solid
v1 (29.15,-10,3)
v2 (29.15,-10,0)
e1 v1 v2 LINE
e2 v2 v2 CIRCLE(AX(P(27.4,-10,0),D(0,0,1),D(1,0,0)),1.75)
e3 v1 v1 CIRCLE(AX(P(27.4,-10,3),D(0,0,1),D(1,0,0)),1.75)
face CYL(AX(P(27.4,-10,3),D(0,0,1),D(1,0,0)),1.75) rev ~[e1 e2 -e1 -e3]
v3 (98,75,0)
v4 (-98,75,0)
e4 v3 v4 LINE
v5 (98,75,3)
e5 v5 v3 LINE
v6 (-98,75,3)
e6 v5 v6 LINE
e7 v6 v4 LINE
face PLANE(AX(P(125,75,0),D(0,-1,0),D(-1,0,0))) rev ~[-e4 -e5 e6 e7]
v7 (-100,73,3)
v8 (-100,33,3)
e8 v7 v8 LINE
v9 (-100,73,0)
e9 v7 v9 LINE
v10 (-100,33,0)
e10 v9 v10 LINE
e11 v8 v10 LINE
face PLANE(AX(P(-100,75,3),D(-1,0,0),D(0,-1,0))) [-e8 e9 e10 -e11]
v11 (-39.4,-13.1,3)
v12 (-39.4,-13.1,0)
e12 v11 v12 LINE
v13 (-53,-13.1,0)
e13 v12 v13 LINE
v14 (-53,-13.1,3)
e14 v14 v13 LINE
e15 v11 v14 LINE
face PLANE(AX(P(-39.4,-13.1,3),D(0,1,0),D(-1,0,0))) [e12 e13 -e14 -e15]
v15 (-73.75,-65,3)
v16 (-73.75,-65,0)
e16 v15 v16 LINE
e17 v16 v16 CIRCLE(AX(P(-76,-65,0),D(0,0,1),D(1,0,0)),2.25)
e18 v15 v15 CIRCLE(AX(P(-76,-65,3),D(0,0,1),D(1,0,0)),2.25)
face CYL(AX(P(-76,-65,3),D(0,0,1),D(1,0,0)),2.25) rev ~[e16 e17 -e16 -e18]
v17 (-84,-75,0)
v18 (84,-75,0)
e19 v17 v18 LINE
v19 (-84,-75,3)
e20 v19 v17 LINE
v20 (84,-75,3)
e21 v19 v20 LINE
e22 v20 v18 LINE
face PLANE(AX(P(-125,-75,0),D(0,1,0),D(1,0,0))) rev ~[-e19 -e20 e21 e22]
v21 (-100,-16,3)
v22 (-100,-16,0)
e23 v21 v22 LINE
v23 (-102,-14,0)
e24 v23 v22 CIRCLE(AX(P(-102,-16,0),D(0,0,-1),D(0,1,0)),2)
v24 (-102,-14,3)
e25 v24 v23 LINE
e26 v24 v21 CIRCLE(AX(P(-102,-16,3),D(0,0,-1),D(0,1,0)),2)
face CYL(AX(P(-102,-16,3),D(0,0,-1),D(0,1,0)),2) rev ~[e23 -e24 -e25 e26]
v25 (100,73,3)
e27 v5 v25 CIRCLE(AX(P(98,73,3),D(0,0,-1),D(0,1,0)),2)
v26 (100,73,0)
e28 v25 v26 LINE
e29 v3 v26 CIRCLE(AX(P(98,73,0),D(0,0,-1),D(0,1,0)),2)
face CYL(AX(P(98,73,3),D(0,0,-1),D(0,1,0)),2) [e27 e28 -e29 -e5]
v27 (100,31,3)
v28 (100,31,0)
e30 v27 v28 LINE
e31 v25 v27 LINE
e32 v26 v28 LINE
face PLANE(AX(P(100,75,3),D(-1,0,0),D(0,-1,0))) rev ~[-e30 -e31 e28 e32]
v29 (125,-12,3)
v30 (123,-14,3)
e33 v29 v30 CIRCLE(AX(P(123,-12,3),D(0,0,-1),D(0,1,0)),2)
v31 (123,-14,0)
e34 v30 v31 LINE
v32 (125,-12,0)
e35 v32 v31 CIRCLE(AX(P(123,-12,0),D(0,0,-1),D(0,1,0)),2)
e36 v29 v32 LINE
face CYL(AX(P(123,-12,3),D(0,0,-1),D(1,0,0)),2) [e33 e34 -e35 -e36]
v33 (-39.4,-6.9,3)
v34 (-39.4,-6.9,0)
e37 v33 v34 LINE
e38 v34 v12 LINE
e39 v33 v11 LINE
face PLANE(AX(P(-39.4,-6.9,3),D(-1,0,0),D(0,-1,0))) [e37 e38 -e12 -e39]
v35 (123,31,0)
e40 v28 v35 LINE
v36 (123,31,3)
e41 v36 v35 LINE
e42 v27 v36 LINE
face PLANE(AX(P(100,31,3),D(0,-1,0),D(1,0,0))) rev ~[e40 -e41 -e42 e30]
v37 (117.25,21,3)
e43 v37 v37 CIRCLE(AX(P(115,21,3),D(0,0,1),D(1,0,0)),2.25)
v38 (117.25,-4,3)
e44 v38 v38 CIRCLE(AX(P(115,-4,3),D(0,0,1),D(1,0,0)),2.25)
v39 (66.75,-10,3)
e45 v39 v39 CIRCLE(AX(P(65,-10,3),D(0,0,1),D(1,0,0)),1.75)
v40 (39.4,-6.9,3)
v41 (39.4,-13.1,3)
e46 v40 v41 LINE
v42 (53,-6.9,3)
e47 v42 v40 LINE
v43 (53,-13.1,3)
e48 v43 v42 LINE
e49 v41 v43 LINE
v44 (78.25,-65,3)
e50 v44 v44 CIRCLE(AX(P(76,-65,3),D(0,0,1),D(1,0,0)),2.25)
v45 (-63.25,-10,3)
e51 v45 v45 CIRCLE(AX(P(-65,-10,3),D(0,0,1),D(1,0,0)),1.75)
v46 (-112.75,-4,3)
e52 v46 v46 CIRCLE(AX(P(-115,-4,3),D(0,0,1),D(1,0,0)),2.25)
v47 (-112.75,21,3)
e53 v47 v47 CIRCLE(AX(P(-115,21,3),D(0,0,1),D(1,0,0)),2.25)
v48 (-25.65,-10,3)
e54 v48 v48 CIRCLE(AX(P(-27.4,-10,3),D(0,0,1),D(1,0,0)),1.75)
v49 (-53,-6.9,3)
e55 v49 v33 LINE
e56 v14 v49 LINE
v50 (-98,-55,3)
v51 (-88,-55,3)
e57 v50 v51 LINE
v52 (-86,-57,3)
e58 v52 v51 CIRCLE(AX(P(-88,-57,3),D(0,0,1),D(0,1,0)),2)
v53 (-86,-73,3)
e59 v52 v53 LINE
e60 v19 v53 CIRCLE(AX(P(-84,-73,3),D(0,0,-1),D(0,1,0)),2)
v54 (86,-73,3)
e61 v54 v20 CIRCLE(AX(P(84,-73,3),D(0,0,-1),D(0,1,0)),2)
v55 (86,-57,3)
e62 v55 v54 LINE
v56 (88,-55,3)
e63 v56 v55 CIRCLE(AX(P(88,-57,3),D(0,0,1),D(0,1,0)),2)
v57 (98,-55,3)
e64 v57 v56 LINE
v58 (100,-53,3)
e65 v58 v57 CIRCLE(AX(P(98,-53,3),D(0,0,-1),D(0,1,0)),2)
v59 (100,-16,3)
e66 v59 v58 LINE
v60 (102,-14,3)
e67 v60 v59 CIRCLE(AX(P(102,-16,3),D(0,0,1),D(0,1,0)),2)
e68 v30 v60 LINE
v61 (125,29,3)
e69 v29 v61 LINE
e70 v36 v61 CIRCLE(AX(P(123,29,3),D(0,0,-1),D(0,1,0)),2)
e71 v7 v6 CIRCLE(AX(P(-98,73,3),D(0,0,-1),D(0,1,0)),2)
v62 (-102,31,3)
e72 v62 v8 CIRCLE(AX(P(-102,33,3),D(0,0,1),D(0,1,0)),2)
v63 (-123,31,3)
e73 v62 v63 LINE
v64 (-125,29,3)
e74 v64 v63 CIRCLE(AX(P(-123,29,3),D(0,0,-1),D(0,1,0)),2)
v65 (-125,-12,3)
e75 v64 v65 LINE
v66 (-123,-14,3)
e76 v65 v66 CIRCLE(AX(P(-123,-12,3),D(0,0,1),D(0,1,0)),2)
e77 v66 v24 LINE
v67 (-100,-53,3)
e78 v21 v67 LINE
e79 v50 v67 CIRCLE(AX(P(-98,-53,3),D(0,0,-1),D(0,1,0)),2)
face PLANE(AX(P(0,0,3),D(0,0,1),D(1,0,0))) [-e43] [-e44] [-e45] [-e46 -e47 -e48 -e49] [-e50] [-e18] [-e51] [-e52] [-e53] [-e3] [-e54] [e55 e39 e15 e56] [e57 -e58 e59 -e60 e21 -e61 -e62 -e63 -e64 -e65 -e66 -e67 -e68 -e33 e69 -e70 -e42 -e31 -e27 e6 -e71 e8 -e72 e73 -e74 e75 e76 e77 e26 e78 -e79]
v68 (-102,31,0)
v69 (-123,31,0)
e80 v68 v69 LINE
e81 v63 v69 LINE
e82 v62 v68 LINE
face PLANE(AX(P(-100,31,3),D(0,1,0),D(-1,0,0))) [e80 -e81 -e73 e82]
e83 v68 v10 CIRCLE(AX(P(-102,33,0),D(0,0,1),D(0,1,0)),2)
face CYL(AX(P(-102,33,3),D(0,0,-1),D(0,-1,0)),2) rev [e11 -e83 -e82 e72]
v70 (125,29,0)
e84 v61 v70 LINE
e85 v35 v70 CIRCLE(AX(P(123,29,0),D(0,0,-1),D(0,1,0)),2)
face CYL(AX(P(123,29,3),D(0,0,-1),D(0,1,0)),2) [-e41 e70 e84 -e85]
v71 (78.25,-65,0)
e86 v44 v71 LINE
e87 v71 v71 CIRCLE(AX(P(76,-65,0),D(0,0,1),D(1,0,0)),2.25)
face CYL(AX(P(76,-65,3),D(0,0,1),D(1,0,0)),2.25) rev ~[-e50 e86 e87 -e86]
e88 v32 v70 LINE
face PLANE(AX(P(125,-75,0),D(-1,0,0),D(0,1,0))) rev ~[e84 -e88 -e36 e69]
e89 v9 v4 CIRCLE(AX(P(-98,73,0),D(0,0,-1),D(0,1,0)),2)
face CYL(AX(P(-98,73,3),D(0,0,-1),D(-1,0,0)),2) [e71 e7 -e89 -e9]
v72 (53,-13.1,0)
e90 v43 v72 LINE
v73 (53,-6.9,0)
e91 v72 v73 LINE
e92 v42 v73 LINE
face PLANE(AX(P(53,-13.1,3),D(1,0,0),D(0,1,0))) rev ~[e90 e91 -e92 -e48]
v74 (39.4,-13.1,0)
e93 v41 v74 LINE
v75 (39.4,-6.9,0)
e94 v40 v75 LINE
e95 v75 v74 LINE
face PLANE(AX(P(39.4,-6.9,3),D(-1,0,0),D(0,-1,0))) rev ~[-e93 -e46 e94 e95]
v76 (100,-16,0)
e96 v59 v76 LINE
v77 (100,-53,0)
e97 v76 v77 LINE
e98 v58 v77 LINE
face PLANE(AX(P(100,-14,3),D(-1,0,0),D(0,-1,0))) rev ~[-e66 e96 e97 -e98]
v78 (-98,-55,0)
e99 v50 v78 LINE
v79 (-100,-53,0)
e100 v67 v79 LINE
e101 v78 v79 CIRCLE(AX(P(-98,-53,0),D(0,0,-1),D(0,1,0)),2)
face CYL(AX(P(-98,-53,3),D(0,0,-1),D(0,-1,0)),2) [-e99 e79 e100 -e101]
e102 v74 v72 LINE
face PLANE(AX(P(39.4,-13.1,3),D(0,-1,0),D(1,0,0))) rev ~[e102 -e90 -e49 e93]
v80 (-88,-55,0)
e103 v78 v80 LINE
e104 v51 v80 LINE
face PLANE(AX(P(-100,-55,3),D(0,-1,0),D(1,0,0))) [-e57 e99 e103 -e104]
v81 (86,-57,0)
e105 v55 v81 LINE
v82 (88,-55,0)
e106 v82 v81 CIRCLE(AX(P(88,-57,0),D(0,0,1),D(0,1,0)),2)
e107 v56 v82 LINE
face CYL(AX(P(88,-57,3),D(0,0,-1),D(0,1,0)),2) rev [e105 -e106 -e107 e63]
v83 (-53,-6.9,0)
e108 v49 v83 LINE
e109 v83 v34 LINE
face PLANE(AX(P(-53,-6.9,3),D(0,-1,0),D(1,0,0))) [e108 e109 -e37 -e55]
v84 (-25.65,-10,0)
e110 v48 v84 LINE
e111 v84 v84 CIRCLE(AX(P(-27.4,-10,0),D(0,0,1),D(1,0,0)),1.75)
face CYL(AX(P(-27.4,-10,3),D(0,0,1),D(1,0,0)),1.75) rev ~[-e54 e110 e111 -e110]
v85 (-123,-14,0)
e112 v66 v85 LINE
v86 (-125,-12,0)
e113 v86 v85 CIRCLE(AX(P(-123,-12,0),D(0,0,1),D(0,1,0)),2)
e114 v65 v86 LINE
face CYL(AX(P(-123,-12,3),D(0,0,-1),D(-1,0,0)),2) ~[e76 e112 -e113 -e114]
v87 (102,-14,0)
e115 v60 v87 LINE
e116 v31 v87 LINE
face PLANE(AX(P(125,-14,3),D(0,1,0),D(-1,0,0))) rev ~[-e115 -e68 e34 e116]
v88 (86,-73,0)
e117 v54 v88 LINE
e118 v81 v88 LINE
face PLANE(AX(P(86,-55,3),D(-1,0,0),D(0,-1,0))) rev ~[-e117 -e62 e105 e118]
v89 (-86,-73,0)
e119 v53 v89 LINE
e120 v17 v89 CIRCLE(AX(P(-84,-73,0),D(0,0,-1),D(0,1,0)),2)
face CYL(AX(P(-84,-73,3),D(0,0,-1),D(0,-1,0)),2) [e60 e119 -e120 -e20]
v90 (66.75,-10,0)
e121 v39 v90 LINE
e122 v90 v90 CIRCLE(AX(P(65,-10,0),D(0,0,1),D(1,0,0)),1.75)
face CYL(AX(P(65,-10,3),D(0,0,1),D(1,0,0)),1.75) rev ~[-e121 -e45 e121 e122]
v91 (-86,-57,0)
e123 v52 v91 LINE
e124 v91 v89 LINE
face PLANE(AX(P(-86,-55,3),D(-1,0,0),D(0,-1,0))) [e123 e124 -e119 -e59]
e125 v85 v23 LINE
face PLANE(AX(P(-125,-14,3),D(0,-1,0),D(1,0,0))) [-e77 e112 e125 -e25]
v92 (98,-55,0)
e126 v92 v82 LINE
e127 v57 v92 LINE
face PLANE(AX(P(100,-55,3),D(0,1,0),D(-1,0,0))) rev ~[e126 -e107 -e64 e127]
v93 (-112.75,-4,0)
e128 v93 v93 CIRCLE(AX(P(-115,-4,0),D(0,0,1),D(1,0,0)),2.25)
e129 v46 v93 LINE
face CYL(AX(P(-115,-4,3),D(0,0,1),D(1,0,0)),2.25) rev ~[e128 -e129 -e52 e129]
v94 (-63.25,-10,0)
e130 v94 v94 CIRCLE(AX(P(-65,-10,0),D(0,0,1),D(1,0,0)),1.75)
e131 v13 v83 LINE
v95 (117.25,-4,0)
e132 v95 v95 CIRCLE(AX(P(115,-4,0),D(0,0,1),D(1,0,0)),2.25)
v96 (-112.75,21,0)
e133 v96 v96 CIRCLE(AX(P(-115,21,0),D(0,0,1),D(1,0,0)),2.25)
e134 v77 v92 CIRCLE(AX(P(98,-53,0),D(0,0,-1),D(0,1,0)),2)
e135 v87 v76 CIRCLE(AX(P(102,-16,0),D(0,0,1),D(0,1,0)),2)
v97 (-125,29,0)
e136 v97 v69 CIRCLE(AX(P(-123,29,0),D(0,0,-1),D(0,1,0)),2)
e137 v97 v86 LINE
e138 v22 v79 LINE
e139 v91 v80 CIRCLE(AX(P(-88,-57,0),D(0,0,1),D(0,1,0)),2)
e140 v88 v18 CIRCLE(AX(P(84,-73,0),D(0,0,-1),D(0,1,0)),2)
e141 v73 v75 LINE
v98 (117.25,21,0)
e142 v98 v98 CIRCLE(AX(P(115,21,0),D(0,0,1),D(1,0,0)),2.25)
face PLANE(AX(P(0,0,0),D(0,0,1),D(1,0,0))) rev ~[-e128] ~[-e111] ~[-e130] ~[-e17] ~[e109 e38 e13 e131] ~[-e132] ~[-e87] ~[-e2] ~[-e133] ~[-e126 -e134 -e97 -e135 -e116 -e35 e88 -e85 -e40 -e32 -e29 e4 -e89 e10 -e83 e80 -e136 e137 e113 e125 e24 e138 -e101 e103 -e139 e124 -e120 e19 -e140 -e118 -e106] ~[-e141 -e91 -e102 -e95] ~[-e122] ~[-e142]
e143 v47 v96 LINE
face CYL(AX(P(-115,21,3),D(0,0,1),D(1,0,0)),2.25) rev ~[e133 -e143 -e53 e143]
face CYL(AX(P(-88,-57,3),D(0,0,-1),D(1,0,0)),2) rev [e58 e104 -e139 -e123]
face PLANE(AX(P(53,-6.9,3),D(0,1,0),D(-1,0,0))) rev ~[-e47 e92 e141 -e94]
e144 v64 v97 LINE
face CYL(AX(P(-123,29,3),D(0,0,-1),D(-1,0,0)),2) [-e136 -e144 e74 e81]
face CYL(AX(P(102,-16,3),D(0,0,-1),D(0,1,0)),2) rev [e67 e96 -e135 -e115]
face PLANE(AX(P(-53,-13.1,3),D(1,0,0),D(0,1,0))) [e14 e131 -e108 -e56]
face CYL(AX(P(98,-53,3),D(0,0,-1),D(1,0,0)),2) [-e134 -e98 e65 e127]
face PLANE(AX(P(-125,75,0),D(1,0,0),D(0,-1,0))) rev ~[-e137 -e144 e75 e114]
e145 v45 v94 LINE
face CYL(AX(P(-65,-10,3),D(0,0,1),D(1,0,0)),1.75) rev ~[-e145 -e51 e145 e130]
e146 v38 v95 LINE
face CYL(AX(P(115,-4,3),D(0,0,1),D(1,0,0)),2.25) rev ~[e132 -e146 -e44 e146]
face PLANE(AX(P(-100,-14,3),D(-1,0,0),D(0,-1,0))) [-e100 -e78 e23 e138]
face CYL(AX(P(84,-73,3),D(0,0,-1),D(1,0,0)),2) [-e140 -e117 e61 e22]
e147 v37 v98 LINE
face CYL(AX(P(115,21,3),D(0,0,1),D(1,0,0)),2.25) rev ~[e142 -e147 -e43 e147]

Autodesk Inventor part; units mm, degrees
ref_plane "YZ Plane" through (0, 0, 0) normal (1, 0, 0) x (0, 1, 0)
ref_plane "XZ Plane" through (0, 0, 0) normal (0, 1, 0) x (-1, 0, 0)
ref_plane "XY Plane" through (0, 0, 0) normal (0, 0, 1) x (1, 0, 0)
sketch "Sketch1" plane through (0, 0, 0) normal (0, 0, 1) x (1, 0, 0)
  line L0 (-125, -75) -> (125, -75)
  line L1 (125, -75) -> (125, 75)
  line L2 (125, 75) -> (-125, 75)
  line L3 (-125, 75) -> (-125, -75)
  line L4 (-125, -75) -> (125, 75) construction
  line L5 (125, -75) -> (-125, 75) construction
  point P0 (0, 0)
  dimension "d0" = 150
  dimension "d1" = 250
extrude "Extrusion1" add sketch "Sketch1" along normal blind 3
sketch "Sketch2" plane through (0, 0, 3) normal (0, 0, 1) x (1, 0, 0)
  line L0 (125, -75) -> (125, 75) construction
  line L1 (125, 75) -> (-125, 75) construction
  line L2 (-125, 75) -> (-125, -75) construction
  line L3 (-125, -75) -> (125, -75) construction
  line L4 (-125, 75) -> (-125, -75) construction
  line L5 (125, 75) -> (-125, 75) construction
  line L6 (-125, 75) -> (-100, 75)
  line L7 (-100, 75) -> (-100, 31)
  line L8 (-100, 31) -> (-125, 31)
  line L9 (-125, 31) -> (-125, 75)
  line L10 (-125, -14) -> (-100, -14)
  line L11 (-100, -14) -> (-100, -55)
  line L12 (-100, -55) -> (-86, -55)
  line L13 (-86, -55) -> (-86, -75)
  line L14 (-125, -75) -> (125, -75) construction
  line L15 (-125, -14) -> (-125, -75)
  line L16 (-125, -75) -> (-86, -75)
  line L17 (0, -105) -> (0, 105) construction
  line L18 (125, 75) -> (125, -75) construction
  line L19 (125, 75) -> (125, -75) construction
  line L20 (125, 75) -> (100, 75)
  line L21 (100, 75) -> (100, 31)
  line L22 (100, 31) -> (125, 31)
  line L23 (125, 31) -> (125, 75)
  line L24 (125, -14) -> (100, -14)
  line L25 (100, -14) -> (100, -55)
  line L26 (100, -55) -> (86, -55)
  line L27 (86, -55) -> (86, -75)
  line L28 (125, -14) -> (125, -75)
  line L29 (125, -75) -> (86, -75)
  point P0 (0, 0)
  dimension "d4" = 25
  dimension "d5" = 44
  dimension "d6" = 25
  dimension "d7" = 20
  dimension "d10" = 39
  dimension "d11" = 61
extrude "Extrusion2" cut sketch "Sketch2" against normal blind 3
sketch "Sketch3" plane through (0, 0, 3) normal (0, 0, 1) x (1, 0, 0)
  point P0 (0, 0)
fillet "Fillet1" radius 2 15 edges at (86, -75, 1.5) (86, -55, 1.5) (100, -55, 1.5) (100, -14, 1.5) (125, -14, 1.5) (125, 31, 1.5) (100, 75, 1.5) (-100, 75, 1.5) (-100, 31, 1.5) (-125, 31, 1.5) (-125, -14, 1.5) (-100, -14, 1.5) (-100, -55, 1.5) (-86, -55, 1.5) (-86, -75, 1.5)
sketch "Sketch4" plane through (0, 0, 3) normal (0, 0, 1) x (1, 0, 0)
  circle A0 centre (-115, 21) radius 2.25
  circle A1 centre (-115, -4) radius 2.25
  circle A2 centre (-76, -65) radius 2.25
  line L0 (-125, 29) -> (-125, -12) construction
  line L1 (-102, 31) -> (-123, 31) construction
  line L2 (-123, -14) -> (-102, -14) construction
  line L3 (-86, -57) -> (-86, -73) construction
  line L4 (-84, -75) -> (84, -75) construction
  line L5 (0, -105) -> (0, 105) projected
  circle A3 centre (115, 21) radius 2.25
  circle A4 centre (115, -4) radius 2.25
  circle A5 centre (76, -65) radius 2.25
  line L6 (125, 29) -> (125, -12) construction
  line L7 (102, 31) -> (123, 31) construction
  line L8 (123, -14) -> (102, -14) construction
  line L9 (86, -57) -> (86, -73) construction
  point P0 (0, 0)
  dimension "d13" = 4.5
  dimension "d14" = 4.5
  dimension "d15" = 4.5
  dimension "d16" = 10
  dimension "d17" = 10
  dimension "d18" = 10
  dimension "d19" = 10
  dimension "d20" = 10
  dimension "d21" = 10
extrude "Extrusion3" cut sketch "Sketch4" against normal blind 3
sketch "Sketch6" plane through (0, 0, 3) normal (0, 0, 1) x (1, 0, 0)
  circle A0 centre (65, -10) radius 1.75
  line L0 (65, -10) -> (27.4, -10) construction
  circle A1 centre (27.4, -10) radius 1.75
  line L1 (-84, -75) -> (84, -75) projected
  line L2 (100, -53) -> (100, -16) projected
  line L3 (0, -105.5799) -> (0, 105.5799) projected
  circle A2 centre (-65, -10) radius 1.75
  line L4 (-65, -10) -> (-27.4, -10) construction
  circle A3 centre (-27.4, -10) radius 1.75
  line L5 (27.4, -10) -> (65, -10) construction
  line L6 (39.4, -13.1) -> (53, -13.1)
  line L7 (53, -13.1) -> (53, -6.9)
  line L8 (53, -6.9) -> (39.4, -6.9)
  line L9 (39.4, -6.9) -> (39.4, -13.1)
  line L10 (39.4, -13.1) -> (53, -6.9) construction
  line L11 (53, -13.1) -> (39.4, -6.9) construction
  line L12 (-39.4, -13.1) -> (-53, -13.1)
  line L13 (-53, -13.1) -> (-53, -6.9)
  line L14 (-53, -6.9) -> (-39.4, -6.9)
  line L15 (-39.4, -6.9) -> (-39.4, -13.1)
  line L16 (-39.4, -13.1) -> (-53, -6.9) construction
  line L17 (-53, -13.1) -> (-39.4, -6.9) construction
  point P0 (0, 0)
  point P1 (46.2, -10)
  point P2 (-46.2, -10)
  dimension "d24" = 3.5
  dimension "d25" = 3.5
  dimension "d26" = 37.6
  dimension "d27" = 65
  dimension "d28" = 35
  dimension "d31" = 13.6
  dimension "d32" = 6.2
  dimension "d33" = 18.8
  dimension "d34" = 18.8
extrude "Extrusion4" cut sketch "Sketch6" against normal blind 10
sketch "Sketch8" plane through (0, 0, 3) normal (0, 0, 1) x (1, 0, 0)
  circle A0 centre (-65, -10) radius 1.75 projected
  circle A1 centre (65, -10) radius 1.75 projected
  line L0 (39.4, -6.9) -> (53, -6.9) projected
  line L1 (53, -6.9) -> (53, -13.1) projected
  line L2 (53, -13.1) -> (39.4, -13.1) projected
  line L3 (39.4, -13.1) -> (39.4, -6.9) projected
  circle A2 centre (-27.4, -10) radius 1.75 projected
  circle A3 centre (27.4, -10) radius 1.75 projected
  line L4 (-39.4, -13.1) -> (-53, -13.1) projected
  line L5 (-53, -13.1) -> (-53, -6.9) projected
  line L6 (-53, -6.9) -> (-39.4, -6.9) projected
  line L7 (-39.4, -6.9) -> (-39.4, -13.1) projected
  circle A4 centre (-76, -65) radius 2.25 projected
  circle A5 centre (115, 21) radius 2.25 projected
  circle A6 centre (-115, -4) radius 2.25 projected
  circle A7 centre (76, -65) radius 2.25 projected
  circle A8 centre (115, -4) radius 2.25 projected
  circle A9 centre (-115, 21) radius 2.25 projected
  arc A10 (-86, -73) -> (-84, -75) centre (-84, -73) ccw projected
  line L8 (-84, -75) -> (84, -75) projected
  arc A11 (84, -75) -> (86, -73) centre (84, -73) ccw projected
  line L9 (86, -73) -> (86, -57) projected
  arc A12 (88, -55) -> (86, -57) centre (88, -57) ccw projected
  line L10 (88, -55) -> (98, -55) projected
  arc A13 (98, -55) -> (100, -53) centre (98, -53) ccw projected
  line L11 (100, -53) -> (100, -16) projected
  arc A14 (102, -14) -> (100, -16) centre (102, -16) ccw projected
  line L12 (102, -14) -> (123, -14) projected
  arc A15 (123, -14) -> (125, -12) centre (123, -12) ccw projected
  line L13 (125, -12) -> (125, 29) projected
  arc A16 (125, 29) -> (123, 31) centre (123, 29) ccw projected
  line L14 (123, 31) -> (100, 31) projected
  line L15 (100, 31) -> (100, 73) projected
  arc A17 (100, 73) -> (98, 75) centre (98, 73) ccw projected
  line L16 (98, 75) -> (-98, 75) projected
  arc A18 (-98, 75) -> (-100, 73) centre (-98, 73) ccw projected
  line L17 (-100, 73) -> (-100, 33) projected
  arc A19 (-102, 31) -> (-100, 33) centre (-102, 33) ccw projected
  line L18 (-102, 31) -> (-123, 31) projected
  arc A20 (-123, 31) -> (-125, 29) centre (-123, 29) ccw projected
  line L19 (-125, 29) -> (-125, -12) projected
  arc A21 (-125, -12) -> (-123, -14) centre (-123, -12) ccw projected
  line L20 (-123, -14) -> (-102, -14) projected
  arc A22 (-100, -16) -> (-102, -14) centre (-102, -16) ccw projected
  line L21 (-100, -16) -> (-100, -53) projected
  arc A23 (-100, -53) -> (-98, -55) centre (-98, -53) ccw projected
  line L22 (-98, -55) -> (-88, -55) projected
  arc A24 (-86, -57) -> (-88, -55) centre (-88, -57) ccw projected
  line L23 (-86, -57) -> (-86, -73) projected
  point P0 (0, 0)
equation "\"d6\" = d4"
equation "\"d14\" = d13"
equation "\"d15\" = d14"
equation "\"d17\" = d16"
equation "\"d18\" = d16"
equation "\"d19\" = d16"
equation "\"d20\" = d19"
equation "\"d21\" = d19"
equation "\"d25\" = d24"
properties part number "BackAcrylicSheet"
